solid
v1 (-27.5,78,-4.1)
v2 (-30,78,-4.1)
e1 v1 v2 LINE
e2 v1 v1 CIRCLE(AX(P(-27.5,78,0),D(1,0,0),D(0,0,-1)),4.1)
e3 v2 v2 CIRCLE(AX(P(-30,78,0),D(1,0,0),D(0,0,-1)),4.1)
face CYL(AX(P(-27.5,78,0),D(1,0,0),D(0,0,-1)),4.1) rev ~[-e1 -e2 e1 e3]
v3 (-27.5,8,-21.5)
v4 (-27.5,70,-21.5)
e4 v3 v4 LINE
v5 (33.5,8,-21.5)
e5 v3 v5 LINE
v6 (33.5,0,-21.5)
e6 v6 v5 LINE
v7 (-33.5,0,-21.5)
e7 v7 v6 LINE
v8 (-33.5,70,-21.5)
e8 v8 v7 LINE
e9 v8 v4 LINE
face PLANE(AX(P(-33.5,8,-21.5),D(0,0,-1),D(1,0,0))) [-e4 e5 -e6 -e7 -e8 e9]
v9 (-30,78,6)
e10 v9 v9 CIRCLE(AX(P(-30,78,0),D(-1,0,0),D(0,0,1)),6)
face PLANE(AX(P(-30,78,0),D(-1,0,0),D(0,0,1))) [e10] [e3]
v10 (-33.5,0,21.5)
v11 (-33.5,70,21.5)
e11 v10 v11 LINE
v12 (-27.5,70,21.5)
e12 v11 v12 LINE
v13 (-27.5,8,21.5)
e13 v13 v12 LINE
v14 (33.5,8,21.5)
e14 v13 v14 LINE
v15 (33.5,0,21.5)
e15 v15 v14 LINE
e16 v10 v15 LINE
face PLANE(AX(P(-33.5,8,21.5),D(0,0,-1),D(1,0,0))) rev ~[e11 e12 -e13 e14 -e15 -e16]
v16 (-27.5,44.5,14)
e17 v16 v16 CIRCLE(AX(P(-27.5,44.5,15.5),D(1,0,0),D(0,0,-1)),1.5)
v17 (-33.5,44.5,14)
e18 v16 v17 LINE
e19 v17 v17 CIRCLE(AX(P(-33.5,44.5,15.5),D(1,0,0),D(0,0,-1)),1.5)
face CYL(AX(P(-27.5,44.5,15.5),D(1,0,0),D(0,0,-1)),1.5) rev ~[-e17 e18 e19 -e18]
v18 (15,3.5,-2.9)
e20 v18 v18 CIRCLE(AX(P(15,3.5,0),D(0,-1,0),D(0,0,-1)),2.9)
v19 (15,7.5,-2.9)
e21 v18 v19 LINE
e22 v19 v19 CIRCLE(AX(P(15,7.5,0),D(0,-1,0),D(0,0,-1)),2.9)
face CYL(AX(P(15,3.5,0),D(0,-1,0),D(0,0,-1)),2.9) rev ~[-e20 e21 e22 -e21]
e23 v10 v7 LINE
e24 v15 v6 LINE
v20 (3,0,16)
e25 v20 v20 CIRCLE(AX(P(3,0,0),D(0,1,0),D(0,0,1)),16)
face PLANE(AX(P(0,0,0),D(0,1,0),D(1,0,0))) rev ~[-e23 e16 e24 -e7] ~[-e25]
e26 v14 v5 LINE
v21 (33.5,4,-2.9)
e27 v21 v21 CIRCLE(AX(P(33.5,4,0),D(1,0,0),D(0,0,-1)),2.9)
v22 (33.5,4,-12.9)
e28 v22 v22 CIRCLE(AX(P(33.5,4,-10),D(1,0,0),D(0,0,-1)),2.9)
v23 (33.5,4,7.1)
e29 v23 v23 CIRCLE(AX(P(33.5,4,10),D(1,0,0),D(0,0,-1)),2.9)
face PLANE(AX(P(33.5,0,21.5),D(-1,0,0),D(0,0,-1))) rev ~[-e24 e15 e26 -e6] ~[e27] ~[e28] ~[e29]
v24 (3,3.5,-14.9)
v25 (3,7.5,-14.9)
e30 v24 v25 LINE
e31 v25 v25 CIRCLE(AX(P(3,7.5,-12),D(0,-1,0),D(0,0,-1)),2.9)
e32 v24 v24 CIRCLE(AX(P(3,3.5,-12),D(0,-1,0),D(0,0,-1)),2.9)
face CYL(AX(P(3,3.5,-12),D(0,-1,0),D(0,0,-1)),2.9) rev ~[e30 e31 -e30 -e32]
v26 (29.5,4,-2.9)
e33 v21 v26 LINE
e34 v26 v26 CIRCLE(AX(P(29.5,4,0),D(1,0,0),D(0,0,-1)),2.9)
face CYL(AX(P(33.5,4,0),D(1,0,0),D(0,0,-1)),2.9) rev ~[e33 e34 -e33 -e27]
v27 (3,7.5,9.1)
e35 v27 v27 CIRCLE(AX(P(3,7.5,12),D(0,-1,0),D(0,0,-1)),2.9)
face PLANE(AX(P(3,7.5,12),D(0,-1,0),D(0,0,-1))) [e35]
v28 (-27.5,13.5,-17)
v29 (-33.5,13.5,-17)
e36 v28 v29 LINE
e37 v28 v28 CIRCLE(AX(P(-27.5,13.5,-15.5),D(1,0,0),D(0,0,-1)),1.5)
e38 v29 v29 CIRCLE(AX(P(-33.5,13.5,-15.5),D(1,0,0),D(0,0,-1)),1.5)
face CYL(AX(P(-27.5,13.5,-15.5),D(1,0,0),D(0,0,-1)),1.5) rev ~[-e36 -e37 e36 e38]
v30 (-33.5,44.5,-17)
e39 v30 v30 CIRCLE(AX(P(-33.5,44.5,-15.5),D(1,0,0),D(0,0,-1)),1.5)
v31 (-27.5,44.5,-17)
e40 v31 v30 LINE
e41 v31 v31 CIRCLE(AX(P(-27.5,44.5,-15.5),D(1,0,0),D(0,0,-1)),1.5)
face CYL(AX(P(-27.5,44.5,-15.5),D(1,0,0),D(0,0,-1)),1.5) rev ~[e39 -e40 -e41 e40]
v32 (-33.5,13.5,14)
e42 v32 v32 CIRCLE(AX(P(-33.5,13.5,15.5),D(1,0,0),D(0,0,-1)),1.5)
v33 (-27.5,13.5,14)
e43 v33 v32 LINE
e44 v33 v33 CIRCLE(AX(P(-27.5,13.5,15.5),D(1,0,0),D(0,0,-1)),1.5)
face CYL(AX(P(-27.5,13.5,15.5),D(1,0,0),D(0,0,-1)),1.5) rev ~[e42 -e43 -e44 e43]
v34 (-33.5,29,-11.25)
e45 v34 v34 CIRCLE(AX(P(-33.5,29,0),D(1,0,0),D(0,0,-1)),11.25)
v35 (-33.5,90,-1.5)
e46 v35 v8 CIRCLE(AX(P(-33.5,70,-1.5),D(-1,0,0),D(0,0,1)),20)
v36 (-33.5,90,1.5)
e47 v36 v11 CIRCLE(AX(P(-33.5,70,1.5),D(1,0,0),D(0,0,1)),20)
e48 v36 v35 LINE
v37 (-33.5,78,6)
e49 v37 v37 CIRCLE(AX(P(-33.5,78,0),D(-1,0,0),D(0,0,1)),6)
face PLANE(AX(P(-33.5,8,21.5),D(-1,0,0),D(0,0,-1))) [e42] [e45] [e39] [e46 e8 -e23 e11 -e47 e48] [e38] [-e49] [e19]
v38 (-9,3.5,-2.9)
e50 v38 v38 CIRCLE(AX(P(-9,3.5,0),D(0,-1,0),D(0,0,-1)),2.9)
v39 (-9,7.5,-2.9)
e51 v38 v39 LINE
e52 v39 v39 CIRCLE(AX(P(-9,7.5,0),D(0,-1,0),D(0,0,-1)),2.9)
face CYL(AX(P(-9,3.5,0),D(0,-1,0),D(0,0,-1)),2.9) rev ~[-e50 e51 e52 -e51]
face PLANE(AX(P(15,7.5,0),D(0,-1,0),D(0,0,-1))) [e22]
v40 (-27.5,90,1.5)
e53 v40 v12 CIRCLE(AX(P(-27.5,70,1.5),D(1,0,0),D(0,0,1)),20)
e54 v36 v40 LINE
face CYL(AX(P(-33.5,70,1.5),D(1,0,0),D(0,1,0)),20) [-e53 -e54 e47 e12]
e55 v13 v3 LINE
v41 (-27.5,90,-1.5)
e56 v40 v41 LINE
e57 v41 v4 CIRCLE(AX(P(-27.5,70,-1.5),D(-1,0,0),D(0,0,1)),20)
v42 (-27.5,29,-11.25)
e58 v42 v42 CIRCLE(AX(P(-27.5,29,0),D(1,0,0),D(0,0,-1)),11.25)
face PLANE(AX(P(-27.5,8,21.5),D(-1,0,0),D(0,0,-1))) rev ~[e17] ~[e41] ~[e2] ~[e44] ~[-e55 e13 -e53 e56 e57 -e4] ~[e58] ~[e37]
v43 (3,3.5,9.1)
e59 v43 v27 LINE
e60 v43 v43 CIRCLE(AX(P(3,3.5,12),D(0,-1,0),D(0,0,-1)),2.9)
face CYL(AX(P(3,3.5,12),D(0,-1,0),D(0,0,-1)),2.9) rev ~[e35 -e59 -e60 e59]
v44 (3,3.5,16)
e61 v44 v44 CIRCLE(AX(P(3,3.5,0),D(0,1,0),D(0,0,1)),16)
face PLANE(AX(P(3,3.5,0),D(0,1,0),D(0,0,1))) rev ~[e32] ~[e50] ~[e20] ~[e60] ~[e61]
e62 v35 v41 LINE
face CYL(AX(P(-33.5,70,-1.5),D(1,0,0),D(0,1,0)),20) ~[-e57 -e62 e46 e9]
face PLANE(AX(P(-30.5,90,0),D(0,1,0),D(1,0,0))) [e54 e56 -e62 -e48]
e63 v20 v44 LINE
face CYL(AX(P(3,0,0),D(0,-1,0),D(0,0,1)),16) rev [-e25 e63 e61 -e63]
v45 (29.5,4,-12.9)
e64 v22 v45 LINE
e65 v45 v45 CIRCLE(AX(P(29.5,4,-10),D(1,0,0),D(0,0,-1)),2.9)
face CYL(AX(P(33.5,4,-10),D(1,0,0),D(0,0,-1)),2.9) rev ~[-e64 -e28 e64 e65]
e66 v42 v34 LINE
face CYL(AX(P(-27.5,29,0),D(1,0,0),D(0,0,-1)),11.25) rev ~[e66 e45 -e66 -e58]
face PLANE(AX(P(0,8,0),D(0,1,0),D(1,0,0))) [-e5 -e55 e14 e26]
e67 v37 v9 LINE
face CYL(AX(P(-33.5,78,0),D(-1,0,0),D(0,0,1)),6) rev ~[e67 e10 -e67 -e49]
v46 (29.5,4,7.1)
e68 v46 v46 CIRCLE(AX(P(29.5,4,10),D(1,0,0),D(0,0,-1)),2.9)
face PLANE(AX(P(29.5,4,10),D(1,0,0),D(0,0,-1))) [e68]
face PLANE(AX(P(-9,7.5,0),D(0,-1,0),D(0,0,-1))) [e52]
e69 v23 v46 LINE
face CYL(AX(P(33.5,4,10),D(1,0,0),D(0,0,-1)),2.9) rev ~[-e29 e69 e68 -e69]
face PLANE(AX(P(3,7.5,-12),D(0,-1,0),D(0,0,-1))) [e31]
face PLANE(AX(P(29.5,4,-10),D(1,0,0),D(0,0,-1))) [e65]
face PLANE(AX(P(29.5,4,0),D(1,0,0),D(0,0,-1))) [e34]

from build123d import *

# Parameters (mm, degrees)
SKETCH1_W           = 67
SKETCH1_H           = 43
BOSS_EXTRUDE1_DEPTH = 8
SKETCH2_W           = 6
SKETCH2_H           = 43
BOSS_EXTRUDE2_DEPTH = 82
CUT_EXTRUDE1_REACH  = 112.83
SKETCH3_R           = 11.25
SKETCH3_R_2         = 1.5
CUT_EXTRUDE2_REACH  = 112.83
SKETCH4_R           = 4.1
FILLET1_R           = 20
SKETCH6_R           = 2.9
CUT_EXTRUDE4_DEPTH  = 4
SKETCH7_R           = 6
CUT_EXTRUDE5_DEPTH  = 3.5
CUT_EXTRUDE6_START  = -8
SKETCH8_R           = 16
CUT_EXTRUDE6_DEPTH  = 3.5
SKETCH9_R           = 2.9
CUT_EXTRUDE7_DEPTH  = 4


with BuildPart() as part:
    # Sketch1 → Boss-Extrude1 (new body)
    with BuildSketch(Plane(origin=(0, 0, 0), x_dir=(1, 0, 0), z_dir=(0, 1, 0))):
        Rectangle(SKETCH1_W, SKETCH1_H)
    extrude(amount=BOSS_EXTRUDE1_DEPTH)

    # Sketch2 → Boss-Extrude2 (add)
    with BuildSketch(Plane(origin=(0, 8, 0), x_dir=(1, 0, 0), z_dir=(0, 1, 0))):
        with Locations((-30.5, 0)):
            Rectangle(SKETCH2_W, SKETCH2_H)
    extrude(amount=BOSS_EXTRUDE2_DEPTH)

    # Sketch3 → Cut-Extrude1 (cut, up to next)
    with BuildSketch(Plane(origin=(-27.5, 0, 0), x_dir=(0, 0, -1), z_dir=(1, 0, 0)), mode=Mode.PRIVATE) as cut_extrude1_sk1:
        with Locations((0, 29)):
            Circle(SKETCH3_R)
    cut_extrude1_tool1 = extrude(cut_extrude1_sk1.sketch, amount=-CUT_EXTRUDE1_REACH, mode=Mode.PRIVATE) & part.part
    # Sketch3 → Cut-Extrude1 (cut, up to next)
    with BuildSketch(Plane(origin=(-27.5, 0, 0), x_dir=(0, 0, -1), z_dir=(1, 0, 0)), mode=Mode.PRIVATE) as cut_extrude1_sk2:
        with Locations((-15.5, 44.5)):
            Circle(SKETCH3_R_2)
    cut_extrude1_tool2 = extrude(cut_extrude1_sk2.sketch, amount=-CUT_EXTRUDE1_REACH, mode=Mode.PRIVATE) & part.part
    # Sketch3 → Cut-Extrude1 (cut, up to next)
    with BuildSketch(Plane(origin=(-27.5, 0, 0), x_dir=(0, 0, -1), z_dir=(1, 0, 0)), mode=Mode.PRIVATE) as cut_extrude1_sk3:
        with Locations((15.5, 44.5)):
            Circle(SKETCH3_R_2)
    cut_extrude1_tool3 = extrude(cut_extrude1_sk3.sketch, amount=-CUT_EXTRUDE1_REACH, mode=Mode.PRIVATE) & part.part
    # Sketch3 → Cut-Extrude1 (cut, up to next)
    with BuildSketch(Plane(origin=(-27.5, 0, 0), x_dir=(0, 0, -1), z_dir=(1, 0, 0)), mode=Mode.PRIVATE) as cut_extrude1_sk4:
        with Locations((15.5, 13.5)):
            Circle(SKETCH3_R_2)
    cut_extrude1_tool4 = extrude(cut_extrude1_sk4.sketch, amount=-CUT_EXTRUDE1_REACH, mode=Mode.PRIVATE) & part.part
    # Sketch3 → Cut-Extrude1 (cut, up to next)
    with BuildSketch(Plane(origin=(-27.5, 0, 0), x_dir=(0, 0, -1), z_dir=(1, 0, 0)), mode=Mode.PRIVATE) as cut_extrude1_sk5:
        with Locations((-15.5, 13.5)):
            Circle(SKETCH3_R_2)
    cut_extrude1_tool5 = extrude(cut_extrude1_sk5.sketch, amount=-CUT_EXTRUDE1_REACH, mode=Mode.PRIVATE) & part.part
    add(cut_extrude1_tool1.solids().sort_by_distance((-27.5, 29, 0))[0], mode=Mode.SUBTRACT)
    add(cut_extrude1_tool2.solids().sort_by_distance((-27.5, 44.5, 15.5))[0], mode=Mode.SUBTRACT)
    add(cut_extrude1_tool3.solids().sort_by_distance((-27.5, 44.5, -15.5))[0], mode=Mode.SUBTRACT)
    add(cut_extrude1_tool4.solids().sort_by_distance((-27.5, 13.5, -15.5))[0], mode=Mode.SUBTRACT)
    add(cut_extrude1_tool5.solids().sort_by_distance((-27.5, 13.5, 15.5))[0], mode=Mode.SUBTRACT)

    # Sketch4 → Cut-Extrude2 (cut, up to next)
    with BuildSketch(Plane(origin=(-27.5, 0, 0), x_dir=(0, 0, -1), z_dir=(1, 0, 0)), mode=Mode.PRIVATE) as cut_extrude2_sk1:
        with Locations((0, 78)):
            Circle(SKETCH4_R)
    cut_extrude2_tool1 = extrude(cut_extrude2_sk1.sketch, amount=-CUT_EXTRUDE2_REACH, mode=Mode.PRIVATE) & part.part
    add(cut_extrude2_tool1.solids().sort_by_distance((-27.5, 78, 0))[0], mode=Mode.SUBTRACT)

    # Fillet1
    fillet1_edges = [part.edges().sort_by_distance(p)[0] for p in [
        (-30.5, 90, -21.5),
        (-30.5, 90, 21.5),
    ]]
    fillet(fillet1_edges, radius=FILLET1_R)

    # Sketch6 → Cut-Extrude4 (cut)
    with BuildSketch(Plane(origin=(33.5, 0, 0), x_dir=(0, 0, -1), z_dir=(1, 0, 0))):
        with Locations((0, 4)):
            Circle(SKETCH6_R)
        with Locations((10, 4)):
            Circle(SKETCH6_R)
        with Locations((-10, 4)):
            Circle(SKETCH6_R)
    extrude(amount=-CUT_EXTRUDE4_DEPTH, mode=Mode.SUBTRACT)

    # Sketch7 → Cut-Extrude5 (cut)
    with BuildSketch(Plane.ZY.offset(33.5)):
        with Locations((0, 78)):
            Circle(SKETCH7_R)
    extrude(amount=-CUT_EXTRUDE5_DEPTH, mode=Mode.SUBTRACT)

    # Sketch8 → Cut-Extrude6 (cut)
    with BuildSketch(Plane(origin=(0, 8, 0), x_dir=(1, 0, 0), z_dir=(0, 1, 0)).offset(CUT_EXTRUDE6_START)):
        with Locations(Location((3, 0, 0), (0, 0, 270))):
            Circle(SKETCH8_R)
    extrude(amount=CUT_EXTRUDE6_DEPTH, mode=Mode.SUBTRACT)

    # Sketch9 → Cut-Extrude7 (cut)
    with BuildSketch(Plane.XZ.offset(-3.5)):
        with Locations(Location((3, 12, 0), (0, 0, 270))):
            Circle(SKETCH9_R)
        with Locations(Location((15, 0, 0), (0, 0, 270))):
            Circle(SKETCH9_R)
        with Locations(Location((3, -12, 0), (0, 0, 270))):
            Circle(SKETCH9_R)
        with Locations(Location((-9, 0, 0), (0, 0, 270))):
            Circle(SKETCH9_R)
    extrude(amount=-CUT_EXTRUDE7_DEPTH, mode=Mode.SUBTRACT)


solid = part.part
